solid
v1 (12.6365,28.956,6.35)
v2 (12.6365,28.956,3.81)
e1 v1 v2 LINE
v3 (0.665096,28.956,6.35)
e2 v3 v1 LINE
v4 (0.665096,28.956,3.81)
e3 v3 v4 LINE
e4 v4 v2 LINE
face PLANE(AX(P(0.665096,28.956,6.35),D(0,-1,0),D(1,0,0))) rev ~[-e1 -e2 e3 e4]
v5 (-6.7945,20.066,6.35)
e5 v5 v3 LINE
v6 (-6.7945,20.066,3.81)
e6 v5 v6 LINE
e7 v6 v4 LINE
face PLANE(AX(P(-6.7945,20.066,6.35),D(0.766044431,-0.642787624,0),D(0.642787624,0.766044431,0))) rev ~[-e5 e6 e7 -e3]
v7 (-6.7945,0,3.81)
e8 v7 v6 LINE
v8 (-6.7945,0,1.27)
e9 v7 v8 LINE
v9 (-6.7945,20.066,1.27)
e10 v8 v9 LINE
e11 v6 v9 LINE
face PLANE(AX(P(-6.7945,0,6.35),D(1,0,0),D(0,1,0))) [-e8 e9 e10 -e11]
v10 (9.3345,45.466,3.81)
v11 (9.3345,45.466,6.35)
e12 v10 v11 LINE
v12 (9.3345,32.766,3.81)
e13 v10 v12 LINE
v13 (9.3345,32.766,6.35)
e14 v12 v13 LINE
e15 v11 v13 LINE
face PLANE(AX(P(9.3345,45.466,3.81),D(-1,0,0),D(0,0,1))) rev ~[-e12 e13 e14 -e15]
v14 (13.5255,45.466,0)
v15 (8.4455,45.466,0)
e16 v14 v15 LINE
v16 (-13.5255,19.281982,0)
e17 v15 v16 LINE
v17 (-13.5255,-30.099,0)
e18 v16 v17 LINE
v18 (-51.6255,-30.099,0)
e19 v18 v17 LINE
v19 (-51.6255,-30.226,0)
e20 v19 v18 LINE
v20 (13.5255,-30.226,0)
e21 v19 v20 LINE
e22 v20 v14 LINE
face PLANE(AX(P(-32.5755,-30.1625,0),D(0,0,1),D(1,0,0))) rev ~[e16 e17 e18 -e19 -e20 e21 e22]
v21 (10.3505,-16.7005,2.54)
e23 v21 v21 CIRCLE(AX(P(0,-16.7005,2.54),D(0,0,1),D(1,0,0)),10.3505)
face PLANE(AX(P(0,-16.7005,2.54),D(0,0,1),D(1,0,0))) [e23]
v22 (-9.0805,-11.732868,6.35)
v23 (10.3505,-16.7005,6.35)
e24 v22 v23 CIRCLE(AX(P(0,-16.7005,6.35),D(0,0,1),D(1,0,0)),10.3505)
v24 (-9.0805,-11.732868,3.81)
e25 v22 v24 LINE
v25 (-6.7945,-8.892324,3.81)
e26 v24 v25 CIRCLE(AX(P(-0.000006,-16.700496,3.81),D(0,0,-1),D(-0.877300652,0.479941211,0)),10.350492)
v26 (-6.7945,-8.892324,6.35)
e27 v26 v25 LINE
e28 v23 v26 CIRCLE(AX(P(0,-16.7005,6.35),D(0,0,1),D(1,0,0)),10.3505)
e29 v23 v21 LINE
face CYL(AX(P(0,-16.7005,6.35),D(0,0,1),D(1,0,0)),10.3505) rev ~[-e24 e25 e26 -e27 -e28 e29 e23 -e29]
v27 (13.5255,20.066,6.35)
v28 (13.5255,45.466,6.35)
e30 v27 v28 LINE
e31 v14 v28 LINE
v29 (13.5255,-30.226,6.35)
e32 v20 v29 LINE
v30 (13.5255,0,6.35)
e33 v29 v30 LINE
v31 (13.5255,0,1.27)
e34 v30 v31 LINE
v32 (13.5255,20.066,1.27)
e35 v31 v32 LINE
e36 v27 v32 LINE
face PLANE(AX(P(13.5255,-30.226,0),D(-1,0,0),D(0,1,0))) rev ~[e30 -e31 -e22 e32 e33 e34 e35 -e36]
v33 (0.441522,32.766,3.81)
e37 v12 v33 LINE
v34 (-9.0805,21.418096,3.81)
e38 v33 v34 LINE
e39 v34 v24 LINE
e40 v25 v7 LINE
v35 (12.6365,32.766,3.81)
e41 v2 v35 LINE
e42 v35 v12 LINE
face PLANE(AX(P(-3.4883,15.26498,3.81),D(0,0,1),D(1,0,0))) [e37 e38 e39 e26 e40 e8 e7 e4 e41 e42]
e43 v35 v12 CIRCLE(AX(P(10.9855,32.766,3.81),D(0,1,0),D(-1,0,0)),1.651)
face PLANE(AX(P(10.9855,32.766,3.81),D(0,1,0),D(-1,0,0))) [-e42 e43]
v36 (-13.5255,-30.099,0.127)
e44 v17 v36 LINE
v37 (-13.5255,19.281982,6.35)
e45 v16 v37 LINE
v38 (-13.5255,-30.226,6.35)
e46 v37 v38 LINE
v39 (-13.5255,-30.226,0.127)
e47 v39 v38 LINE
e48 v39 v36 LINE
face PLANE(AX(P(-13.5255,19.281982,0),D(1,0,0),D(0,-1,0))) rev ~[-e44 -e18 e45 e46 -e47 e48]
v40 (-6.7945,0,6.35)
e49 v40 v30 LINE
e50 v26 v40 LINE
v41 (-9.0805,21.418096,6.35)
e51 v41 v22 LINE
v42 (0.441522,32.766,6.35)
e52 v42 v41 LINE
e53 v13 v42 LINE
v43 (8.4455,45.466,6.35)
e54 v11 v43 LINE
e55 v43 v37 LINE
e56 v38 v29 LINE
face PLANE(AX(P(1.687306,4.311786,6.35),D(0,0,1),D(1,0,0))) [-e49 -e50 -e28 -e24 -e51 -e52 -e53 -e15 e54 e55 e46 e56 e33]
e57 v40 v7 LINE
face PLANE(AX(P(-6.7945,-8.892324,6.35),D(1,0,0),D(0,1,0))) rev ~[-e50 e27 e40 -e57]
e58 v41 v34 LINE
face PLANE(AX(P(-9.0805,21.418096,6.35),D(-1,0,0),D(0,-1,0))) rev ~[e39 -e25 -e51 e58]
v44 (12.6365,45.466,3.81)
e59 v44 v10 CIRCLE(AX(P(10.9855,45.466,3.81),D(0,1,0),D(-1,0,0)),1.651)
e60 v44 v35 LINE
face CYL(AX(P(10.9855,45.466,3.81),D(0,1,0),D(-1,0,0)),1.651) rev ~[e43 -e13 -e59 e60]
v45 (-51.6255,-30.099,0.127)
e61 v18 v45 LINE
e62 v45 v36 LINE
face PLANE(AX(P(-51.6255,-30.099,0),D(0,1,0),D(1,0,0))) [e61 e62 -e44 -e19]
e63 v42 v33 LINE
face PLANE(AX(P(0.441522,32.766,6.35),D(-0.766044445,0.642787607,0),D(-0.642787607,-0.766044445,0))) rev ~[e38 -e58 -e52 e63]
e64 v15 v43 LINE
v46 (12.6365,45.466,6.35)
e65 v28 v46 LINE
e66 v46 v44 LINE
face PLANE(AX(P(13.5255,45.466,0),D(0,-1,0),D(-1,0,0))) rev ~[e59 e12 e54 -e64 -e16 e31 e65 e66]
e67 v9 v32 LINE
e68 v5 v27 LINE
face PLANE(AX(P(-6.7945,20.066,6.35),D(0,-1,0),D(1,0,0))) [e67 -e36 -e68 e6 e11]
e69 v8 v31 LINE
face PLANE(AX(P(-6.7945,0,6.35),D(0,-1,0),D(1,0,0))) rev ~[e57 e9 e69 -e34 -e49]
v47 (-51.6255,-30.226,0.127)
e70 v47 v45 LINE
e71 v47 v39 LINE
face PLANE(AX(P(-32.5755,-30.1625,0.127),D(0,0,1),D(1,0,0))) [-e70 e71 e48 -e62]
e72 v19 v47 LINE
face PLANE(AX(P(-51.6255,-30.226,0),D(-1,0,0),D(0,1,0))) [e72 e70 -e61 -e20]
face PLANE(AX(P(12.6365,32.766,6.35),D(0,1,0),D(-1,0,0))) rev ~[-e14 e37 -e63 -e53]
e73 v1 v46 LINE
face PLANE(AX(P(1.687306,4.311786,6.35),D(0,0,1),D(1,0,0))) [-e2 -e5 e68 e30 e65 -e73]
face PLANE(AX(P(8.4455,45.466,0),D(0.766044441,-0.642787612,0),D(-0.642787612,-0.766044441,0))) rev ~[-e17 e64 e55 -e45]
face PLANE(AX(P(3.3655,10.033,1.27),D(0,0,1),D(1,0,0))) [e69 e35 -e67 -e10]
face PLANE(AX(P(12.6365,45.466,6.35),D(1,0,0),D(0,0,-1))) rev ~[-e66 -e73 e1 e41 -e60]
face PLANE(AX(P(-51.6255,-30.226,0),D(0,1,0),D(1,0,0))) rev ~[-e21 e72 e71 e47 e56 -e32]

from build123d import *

# Parameters (mm, degrees)
F1_DEPTH  = 6.35
F2_R      = 10.3505
F3_DEPTH  = 3.81
F4_W      = 20.32
F4_H      = 20.066
F5_DEPTH  = 5.08
F7_DEPTH  = 12.7
F9_DEPTH  = 2.54
F10_W     = 38.1
F10_H     = 0.127
F11_DEPTH = 0.127


with BuildPart() as f1:
    # F0 (on Top) → F1 (new body)
    with BuildSketch(Plane.XY):
        Polygon((8.4455, 45.466), (-13.5255, 19.281982), (-13.5255, -30.226), (13.5255, -30.226), (13.5255, 45.466), align=None)
    extrude(amount=F1_DEPTH)

    # F2 (on face) → F3 (cut)
    with BuildSketch(Plane.XY.offset(6.35)):
        with Locations((0, -16.7005)):
            Circle(F2_R)
    extrude(amount=-F3_DEPTH, mode=Mode.SUBTRACT)

    # F4 (on face) → F5 (cut)
    with BuildSketch(Plane.XY.offset(6.35)):
        with Locations((3.3655, 10.033)):
            Rectangle(F4_W, F4_H)
    extrude(amount=-F5_DEPTH, mode=Mode.SUBTRACT)

    # F6 (on face) → F7 (cut)
    with BuildSketch(Plane(origin=(0, 45.466, 0), x_dir=(-1, 0, 0), z_dir=(0, 1, 0))):
        with BuildLine():
            ThreePointArc((-12.6365, 3.81), (-10.9855, 2.159), (-9.3345, 3.81))
            ThreePointArc((-9.3345, 3.81), (-10.9855, 5.461), (-12.6365, 3.81))
        make_face()
        with BuildLine():
            ThreePointArc((-12.6365, 3.81), (-10.9855, 5.461), (-9.3345, 3.81))
            Line((-9.3345, 3.81), (-9.3345, 6.35))
            Line((-9.3345, 6.35), (-12.6365, 6.35))
            Line((-12.6365, 6.35), (-12.6365, 3.81))
        make_face()
    extrude(amount=-F7_DEPTH, mode=Mode.SUBTRACT)

    # F8 (on face) → F9 (cut)
    with BuildSketch(Plane.XY.offset(6.35)):
        with BuildLine():
            Line((12.6365, 28.956), (12.6365, 32.766))
            Line((12.6365, 32.766), (0.441522, 32.766))
            Line((0.441522, 32.766), (-9.0805, 21.418096))
            Line((-9.0805, 21.418096), (-9.0805, -11.732868))
            ThreePointArc((-9.0805, -11.732868), (-8.063565, -10.211142), (-6.7945, -8.892324))
            Line((-6.7945, -8.892324), (-6.7945, 0))
            Line((-6.7945, 0), (-6.7945, 20.066))
            Line((-6.7945, 20.066), (0.665096, 28.956))
            Line((0.665096, 28.956), (12.6365, 28.956))
        make_face()
    extrude(amount=-F9_DEPTH, mode=Mode.SUBTRACT)

    # F10 (on face) → F11 (join)
    with BuildSketch(Plane.XY):
        with Locations((-32.5755, -30.1625)):
            Rectangle(F10_W, F10_H)
    extrude(amount=F11_DEPTH)


solid = f1.part
